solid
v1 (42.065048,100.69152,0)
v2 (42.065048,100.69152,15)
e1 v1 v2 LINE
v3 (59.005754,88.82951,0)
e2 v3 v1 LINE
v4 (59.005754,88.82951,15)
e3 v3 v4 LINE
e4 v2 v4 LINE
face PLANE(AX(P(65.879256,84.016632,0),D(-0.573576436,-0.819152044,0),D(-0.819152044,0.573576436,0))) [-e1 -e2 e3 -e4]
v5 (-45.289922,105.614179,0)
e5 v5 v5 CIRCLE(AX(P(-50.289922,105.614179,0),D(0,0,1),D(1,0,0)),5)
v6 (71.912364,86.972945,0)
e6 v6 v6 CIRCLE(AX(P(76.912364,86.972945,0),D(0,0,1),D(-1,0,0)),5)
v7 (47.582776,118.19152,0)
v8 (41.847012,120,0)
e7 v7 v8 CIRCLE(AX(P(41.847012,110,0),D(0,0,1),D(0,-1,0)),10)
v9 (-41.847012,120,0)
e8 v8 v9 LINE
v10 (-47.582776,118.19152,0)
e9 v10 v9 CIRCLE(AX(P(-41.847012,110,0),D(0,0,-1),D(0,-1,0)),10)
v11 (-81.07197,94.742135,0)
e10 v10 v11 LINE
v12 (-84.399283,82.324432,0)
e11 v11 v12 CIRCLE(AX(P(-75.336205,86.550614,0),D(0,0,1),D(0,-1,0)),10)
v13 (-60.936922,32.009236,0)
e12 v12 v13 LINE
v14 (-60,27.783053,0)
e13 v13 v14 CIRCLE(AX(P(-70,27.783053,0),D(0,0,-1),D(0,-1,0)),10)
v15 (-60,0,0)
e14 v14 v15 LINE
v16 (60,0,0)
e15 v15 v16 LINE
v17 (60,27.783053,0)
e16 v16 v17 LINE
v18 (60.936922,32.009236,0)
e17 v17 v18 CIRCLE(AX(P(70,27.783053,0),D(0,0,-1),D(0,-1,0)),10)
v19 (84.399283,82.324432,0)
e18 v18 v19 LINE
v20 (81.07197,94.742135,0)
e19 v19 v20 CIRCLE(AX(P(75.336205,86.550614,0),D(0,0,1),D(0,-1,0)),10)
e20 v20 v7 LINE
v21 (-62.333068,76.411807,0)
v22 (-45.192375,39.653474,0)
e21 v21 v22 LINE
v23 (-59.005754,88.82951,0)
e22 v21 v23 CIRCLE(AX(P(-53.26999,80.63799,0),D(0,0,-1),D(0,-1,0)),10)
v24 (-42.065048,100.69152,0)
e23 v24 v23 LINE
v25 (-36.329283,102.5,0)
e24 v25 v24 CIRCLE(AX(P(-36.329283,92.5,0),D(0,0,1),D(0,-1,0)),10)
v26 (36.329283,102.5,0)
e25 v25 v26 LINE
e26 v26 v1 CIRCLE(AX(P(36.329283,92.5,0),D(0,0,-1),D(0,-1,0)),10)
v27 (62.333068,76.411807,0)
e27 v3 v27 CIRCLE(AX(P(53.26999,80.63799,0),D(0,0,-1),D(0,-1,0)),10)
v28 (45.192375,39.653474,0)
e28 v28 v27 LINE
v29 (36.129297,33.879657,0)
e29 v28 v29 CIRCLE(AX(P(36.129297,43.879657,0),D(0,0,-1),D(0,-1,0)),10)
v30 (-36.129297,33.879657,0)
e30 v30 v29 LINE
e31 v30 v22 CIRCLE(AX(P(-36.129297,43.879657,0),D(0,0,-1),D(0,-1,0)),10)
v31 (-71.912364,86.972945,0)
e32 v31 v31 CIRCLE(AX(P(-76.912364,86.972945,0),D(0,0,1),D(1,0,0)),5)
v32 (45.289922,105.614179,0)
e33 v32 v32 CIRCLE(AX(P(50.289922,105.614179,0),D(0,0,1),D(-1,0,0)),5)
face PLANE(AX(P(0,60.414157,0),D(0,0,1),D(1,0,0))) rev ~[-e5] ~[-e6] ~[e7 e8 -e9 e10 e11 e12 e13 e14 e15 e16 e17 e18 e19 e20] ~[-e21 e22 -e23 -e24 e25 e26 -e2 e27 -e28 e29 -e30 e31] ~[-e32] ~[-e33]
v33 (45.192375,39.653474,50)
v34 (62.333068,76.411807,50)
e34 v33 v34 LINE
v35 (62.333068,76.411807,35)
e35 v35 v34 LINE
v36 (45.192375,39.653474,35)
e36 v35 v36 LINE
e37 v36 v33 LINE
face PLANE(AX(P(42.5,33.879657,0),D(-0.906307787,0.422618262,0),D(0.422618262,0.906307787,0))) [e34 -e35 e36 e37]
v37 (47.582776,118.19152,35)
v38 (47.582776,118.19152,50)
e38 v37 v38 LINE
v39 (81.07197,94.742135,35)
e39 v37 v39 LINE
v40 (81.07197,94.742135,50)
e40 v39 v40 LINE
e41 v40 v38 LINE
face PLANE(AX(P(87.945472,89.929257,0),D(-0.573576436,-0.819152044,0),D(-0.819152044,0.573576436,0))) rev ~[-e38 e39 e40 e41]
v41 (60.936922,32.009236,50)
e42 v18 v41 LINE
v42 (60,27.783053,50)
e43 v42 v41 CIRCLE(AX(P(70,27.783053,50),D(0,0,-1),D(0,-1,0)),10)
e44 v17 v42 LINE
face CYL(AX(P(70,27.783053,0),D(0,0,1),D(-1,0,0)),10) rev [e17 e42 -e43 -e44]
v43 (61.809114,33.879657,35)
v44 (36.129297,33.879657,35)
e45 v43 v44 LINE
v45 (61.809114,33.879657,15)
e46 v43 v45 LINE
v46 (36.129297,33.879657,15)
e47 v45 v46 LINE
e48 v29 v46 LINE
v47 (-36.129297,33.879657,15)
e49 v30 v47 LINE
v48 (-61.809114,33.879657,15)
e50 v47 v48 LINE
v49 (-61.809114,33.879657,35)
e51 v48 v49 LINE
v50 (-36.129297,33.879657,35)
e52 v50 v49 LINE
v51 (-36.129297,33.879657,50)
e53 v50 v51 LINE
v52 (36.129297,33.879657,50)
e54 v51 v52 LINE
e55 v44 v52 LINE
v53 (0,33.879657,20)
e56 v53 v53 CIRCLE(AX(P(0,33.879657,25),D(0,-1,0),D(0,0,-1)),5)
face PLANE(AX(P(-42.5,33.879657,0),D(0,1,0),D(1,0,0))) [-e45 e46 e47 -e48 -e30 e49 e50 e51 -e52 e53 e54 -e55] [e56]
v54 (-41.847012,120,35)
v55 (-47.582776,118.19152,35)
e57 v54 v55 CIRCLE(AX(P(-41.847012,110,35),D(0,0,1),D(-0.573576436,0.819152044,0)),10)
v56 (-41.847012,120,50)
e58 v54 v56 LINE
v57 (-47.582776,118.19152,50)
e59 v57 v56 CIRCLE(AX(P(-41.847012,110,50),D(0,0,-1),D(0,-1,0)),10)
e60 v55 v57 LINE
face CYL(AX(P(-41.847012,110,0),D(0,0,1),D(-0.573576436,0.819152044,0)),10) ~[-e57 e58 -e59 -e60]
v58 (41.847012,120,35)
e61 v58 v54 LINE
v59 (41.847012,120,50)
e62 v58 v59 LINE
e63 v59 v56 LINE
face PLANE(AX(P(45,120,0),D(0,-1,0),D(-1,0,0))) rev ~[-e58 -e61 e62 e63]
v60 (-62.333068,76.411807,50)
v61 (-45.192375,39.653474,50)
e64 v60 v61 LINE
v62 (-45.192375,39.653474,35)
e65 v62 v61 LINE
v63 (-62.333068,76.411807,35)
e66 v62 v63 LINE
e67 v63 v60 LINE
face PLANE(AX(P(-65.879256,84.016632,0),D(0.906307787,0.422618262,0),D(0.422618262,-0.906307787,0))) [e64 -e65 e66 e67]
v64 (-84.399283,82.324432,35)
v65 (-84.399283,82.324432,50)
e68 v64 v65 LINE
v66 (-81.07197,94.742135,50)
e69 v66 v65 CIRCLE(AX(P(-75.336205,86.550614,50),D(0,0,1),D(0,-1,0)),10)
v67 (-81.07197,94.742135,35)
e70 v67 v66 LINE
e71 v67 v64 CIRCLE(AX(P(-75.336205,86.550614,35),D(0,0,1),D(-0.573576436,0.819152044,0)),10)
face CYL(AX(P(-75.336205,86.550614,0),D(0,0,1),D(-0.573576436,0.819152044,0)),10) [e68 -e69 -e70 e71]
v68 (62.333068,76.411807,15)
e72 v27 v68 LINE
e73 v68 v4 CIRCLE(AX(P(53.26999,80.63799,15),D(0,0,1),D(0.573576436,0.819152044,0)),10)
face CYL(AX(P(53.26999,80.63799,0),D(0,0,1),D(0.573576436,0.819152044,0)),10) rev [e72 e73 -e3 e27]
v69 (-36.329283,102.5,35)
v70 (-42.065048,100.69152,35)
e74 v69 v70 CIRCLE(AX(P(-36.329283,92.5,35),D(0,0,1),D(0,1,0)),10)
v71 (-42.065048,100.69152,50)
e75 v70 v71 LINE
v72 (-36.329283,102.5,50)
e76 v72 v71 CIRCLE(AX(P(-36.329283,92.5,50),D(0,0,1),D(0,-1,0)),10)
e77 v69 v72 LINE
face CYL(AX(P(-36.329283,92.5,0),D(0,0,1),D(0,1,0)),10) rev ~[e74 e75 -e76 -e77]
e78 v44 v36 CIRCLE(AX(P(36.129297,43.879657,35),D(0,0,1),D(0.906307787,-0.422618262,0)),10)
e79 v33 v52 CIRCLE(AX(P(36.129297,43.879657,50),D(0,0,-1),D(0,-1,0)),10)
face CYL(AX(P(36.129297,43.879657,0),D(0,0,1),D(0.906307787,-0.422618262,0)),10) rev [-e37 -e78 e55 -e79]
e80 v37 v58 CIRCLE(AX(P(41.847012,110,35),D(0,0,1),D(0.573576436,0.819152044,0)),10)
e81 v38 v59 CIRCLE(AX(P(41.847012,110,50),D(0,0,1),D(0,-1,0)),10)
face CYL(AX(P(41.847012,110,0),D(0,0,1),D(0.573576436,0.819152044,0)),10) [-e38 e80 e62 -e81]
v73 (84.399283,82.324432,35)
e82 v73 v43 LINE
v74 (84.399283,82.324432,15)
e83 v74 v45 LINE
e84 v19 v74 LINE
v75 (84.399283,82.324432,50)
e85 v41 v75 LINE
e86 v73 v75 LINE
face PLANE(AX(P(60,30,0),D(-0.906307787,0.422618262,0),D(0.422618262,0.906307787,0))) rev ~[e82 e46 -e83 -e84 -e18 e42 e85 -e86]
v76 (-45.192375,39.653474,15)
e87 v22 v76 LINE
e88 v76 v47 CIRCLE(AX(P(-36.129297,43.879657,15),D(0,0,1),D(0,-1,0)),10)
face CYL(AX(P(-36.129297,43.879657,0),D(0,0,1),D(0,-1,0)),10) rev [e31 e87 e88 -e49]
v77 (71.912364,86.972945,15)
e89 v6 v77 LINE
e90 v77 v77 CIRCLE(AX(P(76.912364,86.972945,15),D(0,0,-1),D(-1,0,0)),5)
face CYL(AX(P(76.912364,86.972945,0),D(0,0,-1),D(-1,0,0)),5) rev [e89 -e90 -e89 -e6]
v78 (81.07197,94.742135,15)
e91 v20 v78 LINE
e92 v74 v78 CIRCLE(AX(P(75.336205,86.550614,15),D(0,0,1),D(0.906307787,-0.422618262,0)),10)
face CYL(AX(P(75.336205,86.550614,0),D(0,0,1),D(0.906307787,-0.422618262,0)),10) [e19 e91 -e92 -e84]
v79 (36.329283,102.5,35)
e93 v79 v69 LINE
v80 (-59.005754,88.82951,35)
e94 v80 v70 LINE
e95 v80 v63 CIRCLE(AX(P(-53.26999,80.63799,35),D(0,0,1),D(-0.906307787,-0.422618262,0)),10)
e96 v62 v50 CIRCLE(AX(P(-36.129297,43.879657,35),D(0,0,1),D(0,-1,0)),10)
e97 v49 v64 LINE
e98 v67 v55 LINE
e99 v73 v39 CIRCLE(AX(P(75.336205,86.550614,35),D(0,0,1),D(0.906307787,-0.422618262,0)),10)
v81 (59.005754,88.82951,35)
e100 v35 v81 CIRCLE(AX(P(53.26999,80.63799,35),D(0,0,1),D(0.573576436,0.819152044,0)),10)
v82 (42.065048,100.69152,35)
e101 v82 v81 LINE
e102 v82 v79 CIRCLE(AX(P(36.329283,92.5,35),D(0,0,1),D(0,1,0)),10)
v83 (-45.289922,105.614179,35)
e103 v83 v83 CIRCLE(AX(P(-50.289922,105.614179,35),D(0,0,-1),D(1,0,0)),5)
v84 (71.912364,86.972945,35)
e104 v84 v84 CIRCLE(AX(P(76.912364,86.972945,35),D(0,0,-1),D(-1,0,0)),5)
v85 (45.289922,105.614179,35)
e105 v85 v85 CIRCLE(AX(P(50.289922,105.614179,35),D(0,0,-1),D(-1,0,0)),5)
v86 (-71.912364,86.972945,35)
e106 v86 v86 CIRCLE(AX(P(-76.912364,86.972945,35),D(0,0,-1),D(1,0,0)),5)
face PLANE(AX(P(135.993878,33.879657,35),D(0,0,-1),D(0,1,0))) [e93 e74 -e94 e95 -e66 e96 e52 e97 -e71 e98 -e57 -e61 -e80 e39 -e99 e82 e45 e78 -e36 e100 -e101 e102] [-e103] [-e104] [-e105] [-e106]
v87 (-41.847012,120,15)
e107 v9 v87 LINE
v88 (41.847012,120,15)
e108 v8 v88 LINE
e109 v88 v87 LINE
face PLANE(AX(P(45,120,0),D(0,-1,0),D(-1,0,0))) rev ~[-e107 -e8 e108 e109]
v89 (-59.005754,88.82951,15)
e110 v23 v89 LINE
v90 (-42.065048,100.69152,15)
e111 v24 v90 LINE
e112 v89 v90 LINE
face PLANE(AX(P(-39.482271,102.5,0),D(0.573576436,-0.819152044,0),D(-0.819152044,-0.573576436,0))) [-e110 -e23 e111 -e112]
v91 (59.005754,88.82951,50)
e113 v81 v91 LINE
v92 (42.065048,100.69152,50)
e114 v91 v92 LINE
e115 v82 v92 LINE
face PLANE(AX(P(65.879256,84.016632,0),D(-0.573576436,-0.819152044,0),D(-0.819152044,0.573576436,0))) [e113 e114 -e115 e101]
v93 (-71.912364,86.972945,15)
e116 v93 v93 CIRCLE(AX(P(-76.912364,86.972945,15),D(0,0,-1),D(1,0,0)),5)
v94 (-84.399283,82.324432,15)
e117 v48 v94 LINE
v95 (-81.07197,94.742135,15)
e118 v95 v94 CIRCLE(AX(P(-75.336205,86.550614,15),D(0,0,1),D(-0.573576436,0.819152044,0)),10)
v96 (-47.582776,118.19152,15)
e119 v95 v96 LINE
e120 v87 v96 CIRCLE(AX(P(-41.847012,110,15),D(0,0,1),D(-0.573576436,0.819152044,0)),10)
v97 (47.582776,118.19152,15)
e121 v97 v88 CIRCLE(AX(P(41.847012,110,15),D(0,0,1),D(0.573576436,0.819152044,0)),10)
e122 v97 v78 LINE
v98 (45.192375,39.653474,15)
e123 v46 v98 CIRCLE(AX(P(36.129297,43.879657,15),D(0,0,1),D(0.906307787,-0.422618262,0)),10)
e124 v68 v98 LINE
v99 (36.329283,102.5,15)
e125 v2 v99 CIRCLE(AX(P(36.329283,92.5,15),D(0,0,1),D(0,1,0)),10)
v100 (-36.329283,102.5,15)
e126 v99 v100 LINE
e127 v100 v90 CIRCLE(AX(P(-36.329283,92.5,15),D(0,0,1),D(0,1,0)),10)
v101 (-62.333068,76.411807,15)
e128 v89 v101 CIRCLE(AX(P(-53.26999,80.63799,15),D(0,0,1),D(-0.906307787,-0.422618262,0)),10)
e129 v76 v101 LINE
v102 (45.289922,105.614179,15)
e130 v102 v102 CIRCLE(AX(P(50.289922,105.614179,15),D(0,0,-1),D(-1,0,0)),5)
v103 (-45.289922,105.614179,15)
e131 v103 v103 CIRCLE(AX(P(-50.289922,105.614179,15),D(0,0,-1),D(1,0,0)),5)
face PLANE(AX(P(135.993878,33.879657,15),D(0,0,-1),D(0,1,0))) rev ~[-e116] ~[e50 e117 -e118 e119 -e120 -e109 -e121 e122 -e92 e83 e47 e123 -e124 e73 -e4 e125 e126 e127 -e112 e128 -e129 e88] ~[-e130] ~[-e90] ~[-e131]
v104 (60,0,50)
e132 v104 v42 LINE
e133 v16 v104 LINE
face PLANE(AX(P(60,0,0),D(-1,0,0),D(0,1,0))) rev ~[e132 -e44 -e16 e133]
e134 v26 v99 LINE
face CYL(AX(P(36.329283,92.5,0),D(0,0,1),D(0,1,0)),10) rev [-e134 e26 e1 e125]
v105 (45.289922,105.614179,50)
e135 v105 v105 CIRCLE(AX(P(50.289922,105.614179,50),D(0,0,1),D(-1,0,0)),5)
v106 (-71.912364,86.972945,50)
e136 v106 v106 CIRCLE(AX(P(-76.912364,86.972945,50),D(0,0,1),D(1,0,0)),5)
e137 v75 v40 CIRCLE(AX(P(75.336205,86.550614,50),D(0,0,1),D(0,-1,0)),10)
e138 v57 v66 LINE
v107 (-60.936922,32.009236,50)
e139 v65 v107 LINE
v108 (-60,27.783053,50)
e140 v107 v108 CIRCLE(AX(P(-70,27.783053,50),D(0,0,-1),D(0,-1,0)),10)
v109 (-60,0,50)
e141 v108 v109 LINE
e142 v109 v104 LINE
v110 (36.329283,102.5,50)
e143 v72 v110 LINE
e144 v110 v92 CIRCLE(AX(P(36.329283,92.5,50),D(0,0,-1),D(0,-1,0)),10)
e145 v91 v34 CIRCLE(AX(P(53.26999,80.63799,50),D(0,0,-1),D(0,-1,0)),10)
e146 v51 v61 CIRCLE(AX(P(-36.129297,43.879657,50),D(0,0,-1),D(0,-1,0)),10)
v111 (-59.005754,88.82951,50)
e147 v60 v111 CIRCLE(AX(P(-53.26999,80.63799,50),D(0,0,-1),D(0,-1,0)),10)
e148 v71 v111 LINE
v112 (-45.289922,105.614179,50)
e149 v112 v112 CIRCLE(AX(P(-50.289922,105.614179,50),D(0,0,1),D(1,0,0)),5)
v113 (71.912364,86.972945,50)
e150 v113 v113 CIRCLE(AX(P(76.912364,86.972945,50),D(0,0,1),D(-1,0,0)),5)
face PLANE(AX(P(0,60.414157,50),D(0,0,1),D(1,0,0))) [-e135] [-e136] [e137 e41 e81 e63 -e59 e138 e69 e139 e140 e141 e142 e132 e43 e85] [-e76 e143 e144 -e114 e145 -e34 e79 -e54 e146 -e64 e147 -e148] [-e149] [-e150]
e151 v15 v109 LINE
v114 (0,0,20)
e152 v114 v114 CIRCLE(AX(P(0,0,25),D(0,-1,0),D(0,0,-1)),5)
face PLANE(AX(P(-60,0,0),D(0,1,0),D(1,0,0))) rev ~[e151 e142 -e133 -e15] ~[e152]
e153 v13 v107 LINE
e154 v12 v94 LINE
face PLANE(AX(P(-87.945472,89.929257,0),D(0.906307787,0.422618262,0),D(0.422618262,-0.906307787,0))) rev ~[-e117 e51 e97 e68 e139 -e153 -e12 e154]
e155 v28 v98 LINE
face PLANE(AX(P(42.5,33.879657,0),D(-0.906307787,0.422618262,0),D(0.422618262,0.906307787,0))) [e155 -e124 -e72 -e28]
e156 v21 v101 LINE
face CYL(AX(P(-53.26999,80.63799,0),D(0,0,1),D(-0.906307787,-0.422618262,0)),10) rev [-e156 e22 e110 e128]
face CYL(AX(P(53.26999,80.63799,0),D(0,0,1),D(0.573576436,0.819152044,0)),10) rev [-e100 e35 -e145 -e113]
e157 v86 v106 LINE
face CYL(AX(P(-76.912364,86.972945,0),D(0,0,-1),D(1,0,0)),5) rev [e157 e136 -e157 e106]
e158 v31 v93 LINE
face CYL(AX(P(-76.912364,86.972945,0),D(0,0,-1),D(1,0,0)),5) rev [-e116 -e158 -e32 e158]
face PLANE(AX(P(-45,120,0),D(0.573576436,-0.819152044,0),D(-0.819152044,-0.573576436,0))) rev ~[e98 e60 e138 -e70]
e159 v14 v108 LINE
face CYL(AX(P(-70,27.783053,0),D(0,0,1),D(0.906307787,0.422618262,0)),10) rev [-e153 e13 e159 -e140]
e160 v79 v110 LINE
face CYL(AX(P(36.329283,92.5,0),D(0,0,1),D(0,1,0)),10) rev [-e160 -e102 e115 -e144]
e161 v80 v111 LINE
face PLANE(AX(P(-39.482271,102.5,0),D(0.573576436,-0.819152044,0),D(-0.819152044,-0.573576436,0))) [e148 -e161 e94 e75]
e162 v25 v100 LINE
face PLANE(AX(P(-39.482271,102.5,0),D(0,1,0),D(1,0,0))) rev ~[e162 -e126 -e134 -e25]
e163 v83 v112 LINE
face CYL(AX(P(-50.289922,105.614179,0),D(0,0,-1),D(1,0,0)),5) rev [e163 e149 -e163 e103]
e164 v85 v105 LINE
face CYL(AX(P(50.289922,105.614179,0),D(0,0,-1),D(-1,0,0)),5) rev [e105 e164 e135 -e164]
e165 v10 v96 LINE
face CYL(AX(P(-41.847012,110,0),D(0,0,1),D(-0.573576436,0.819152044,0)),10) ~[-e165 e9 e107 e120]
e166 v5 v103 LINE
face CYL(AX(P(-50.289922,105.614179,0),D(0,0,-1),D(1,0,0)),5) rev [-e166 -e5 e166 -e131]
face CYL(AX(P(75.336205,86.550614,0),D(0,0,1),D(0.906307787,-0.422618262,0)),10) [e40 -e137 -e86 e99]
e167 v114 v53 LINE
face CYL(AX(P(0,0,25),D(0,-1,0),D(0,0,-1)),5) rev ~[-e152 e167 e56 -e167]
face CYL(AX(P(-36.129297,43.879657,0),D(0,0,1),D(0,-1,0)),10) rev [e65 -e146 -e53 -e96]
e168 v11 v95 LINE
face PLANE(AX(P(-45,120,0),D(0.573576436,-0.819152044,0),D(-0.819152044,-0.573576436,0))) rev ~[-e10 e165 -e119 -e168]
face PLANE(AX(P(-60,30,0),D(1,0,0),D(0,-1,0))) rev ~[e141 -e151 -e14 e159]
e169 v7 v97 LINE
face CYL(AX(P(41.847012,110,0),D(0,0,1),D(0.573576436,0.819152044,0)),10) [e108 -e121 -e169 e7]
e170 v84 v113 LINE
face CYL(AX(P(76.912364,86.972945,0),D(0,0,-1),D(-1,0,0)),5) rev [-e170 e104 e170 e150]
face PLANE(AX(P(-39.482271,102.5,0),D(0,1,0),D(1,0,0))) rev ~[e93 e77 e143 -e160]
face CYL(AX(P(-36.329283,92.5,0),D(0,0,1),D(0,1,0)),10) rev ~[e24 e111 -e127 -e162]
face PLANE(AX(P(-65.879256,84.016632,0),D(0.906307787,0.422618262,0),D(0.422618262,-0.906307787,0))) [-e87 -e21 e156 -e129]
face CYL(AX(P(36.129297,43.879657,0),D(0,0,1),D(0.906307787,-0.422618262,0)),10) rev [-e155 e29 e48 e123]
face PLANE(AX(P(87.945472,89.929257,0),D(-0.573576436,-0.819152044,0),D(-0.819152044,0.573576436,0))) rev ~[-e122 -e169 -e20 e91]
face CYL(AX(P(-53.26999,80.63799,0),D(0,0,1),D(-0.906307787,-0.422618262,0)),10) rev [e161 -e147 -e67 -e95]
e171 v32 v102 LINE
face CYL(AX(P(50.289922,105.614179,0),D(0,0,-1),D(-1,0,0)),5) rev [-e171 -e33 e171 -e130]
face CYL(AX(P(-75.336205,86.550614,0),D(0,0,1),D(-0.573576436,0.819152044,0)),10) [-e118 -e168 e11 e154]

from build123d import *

# Parameters (mm, degrees)
SKETCH2_R               = 5
BOSS_EXTRUDE2_DEPTH     = 50
FILLET1_R               = 10
CUT_EXTRUDE1_DEPTH      = 195.993878356
CUT_EXTRUDE1_DEPTH_BACK = 195.993878356
SKETCH3_W               = 20
SKETCH3_H               = 86.120343404
SKETCH4_R               = 5
CUT_EXTRUDE2_DEPTH      = 156.50648845


with BuildPart() as part:
    # Sketch2 → Boss-Extrude2 (new body)
    with BuildSketch(Plane.XY):
        Polygon((0, 120), (-45, 120), (-87.945471533, 89.9292571), (-60, 30), (-60, 0), (0, 0), (60, 0), (60, 30), (87.945471533, 89.9292571), (45, 120), align=None)
        with Locations((-50.289922216, 105.614178936)):
            Circle(SKETCH2_R, mode=Mode.SUBTRACT)
        with Locations((-76.912363656, 86.972944754)):
            Circle(SKETCH2_R, mode=Mode.SUBTRACT)
        with Locations(Location((76.912363656, 86.972944754, 0), (0, 0, 180))):
            Circle(SKETCH2_R, mode=Mode.SUBTRACT)
        with Locations(Location((50.289922216, 105.614178936, 0), (0, 0, 180))):
            Circle(SKETCH2_R, mode=Mode.SUBTRACT)
        Polygon((0, 102.5), (-39.482271195, 102.5), (-65.879255778, 84.016632409), (-42.5, 33.879656596), (42.5, 33.879656596), (65.879255778, 84.016632409), (39.482271195, 102.5), align=None, mode=Mode.SUBTRACT)
    extrude(amount=BOSS_EXTRUDE2_DEPTH)

    # Fillet1
    fillet1_edges = [part.edges().sort_by_distance(p)[0] for p in [
        (-45, 120, 25),
        (45, 120, 25),
        (87.945471533, 89.9292571, 25),
        (60, 30, 25),
        (-60, 30, 25),
        (-87.945471533, 89.9292571, 25),
        (65.879255778, 84.016632409, 25),
        (39.482271195, 102.5, 25),
        (-39.482271195, 102.5, 25),
        (-65.879255778, 84.016632409, 25),
        (-42.5, 33.879656596, 25),
        (42.5, 33.879656596, 25),
    ]]
    fillet(fillet1_edges, radius=FILLET1_R)

    # Sketch3 → Cut-Extrude1 (cut, two sides: drawn at the far end of the back side and taken through both)
    with BuildSketch(Plane.ZY.offset(60).offset(-CUT_EXTRUDE1_DEPTH_BACK)):
        with Locations((25, 76.939828298)):
            Rectangle(SKETCH3_W, SKETCH3_H)
    extrude(amount=CUT_EXTRUDE1_DEPTH + CUT_EXTRUDE1_DEPTH_BACK, mode=Mode.SUBTRACT)

    # Sketch4 → Cut-Extrude2 (cut, through all)
    with BuildSketch(Plane.XZ):
        with Locations(Location((0, 25, 0), (0, 0, 270))):
            Circle(SKETCH4_R)
    extrude(amount=-CUT_EXTRUDE2_DEPTH, mode=Mode.SUBTRACT)


solid = part.part
